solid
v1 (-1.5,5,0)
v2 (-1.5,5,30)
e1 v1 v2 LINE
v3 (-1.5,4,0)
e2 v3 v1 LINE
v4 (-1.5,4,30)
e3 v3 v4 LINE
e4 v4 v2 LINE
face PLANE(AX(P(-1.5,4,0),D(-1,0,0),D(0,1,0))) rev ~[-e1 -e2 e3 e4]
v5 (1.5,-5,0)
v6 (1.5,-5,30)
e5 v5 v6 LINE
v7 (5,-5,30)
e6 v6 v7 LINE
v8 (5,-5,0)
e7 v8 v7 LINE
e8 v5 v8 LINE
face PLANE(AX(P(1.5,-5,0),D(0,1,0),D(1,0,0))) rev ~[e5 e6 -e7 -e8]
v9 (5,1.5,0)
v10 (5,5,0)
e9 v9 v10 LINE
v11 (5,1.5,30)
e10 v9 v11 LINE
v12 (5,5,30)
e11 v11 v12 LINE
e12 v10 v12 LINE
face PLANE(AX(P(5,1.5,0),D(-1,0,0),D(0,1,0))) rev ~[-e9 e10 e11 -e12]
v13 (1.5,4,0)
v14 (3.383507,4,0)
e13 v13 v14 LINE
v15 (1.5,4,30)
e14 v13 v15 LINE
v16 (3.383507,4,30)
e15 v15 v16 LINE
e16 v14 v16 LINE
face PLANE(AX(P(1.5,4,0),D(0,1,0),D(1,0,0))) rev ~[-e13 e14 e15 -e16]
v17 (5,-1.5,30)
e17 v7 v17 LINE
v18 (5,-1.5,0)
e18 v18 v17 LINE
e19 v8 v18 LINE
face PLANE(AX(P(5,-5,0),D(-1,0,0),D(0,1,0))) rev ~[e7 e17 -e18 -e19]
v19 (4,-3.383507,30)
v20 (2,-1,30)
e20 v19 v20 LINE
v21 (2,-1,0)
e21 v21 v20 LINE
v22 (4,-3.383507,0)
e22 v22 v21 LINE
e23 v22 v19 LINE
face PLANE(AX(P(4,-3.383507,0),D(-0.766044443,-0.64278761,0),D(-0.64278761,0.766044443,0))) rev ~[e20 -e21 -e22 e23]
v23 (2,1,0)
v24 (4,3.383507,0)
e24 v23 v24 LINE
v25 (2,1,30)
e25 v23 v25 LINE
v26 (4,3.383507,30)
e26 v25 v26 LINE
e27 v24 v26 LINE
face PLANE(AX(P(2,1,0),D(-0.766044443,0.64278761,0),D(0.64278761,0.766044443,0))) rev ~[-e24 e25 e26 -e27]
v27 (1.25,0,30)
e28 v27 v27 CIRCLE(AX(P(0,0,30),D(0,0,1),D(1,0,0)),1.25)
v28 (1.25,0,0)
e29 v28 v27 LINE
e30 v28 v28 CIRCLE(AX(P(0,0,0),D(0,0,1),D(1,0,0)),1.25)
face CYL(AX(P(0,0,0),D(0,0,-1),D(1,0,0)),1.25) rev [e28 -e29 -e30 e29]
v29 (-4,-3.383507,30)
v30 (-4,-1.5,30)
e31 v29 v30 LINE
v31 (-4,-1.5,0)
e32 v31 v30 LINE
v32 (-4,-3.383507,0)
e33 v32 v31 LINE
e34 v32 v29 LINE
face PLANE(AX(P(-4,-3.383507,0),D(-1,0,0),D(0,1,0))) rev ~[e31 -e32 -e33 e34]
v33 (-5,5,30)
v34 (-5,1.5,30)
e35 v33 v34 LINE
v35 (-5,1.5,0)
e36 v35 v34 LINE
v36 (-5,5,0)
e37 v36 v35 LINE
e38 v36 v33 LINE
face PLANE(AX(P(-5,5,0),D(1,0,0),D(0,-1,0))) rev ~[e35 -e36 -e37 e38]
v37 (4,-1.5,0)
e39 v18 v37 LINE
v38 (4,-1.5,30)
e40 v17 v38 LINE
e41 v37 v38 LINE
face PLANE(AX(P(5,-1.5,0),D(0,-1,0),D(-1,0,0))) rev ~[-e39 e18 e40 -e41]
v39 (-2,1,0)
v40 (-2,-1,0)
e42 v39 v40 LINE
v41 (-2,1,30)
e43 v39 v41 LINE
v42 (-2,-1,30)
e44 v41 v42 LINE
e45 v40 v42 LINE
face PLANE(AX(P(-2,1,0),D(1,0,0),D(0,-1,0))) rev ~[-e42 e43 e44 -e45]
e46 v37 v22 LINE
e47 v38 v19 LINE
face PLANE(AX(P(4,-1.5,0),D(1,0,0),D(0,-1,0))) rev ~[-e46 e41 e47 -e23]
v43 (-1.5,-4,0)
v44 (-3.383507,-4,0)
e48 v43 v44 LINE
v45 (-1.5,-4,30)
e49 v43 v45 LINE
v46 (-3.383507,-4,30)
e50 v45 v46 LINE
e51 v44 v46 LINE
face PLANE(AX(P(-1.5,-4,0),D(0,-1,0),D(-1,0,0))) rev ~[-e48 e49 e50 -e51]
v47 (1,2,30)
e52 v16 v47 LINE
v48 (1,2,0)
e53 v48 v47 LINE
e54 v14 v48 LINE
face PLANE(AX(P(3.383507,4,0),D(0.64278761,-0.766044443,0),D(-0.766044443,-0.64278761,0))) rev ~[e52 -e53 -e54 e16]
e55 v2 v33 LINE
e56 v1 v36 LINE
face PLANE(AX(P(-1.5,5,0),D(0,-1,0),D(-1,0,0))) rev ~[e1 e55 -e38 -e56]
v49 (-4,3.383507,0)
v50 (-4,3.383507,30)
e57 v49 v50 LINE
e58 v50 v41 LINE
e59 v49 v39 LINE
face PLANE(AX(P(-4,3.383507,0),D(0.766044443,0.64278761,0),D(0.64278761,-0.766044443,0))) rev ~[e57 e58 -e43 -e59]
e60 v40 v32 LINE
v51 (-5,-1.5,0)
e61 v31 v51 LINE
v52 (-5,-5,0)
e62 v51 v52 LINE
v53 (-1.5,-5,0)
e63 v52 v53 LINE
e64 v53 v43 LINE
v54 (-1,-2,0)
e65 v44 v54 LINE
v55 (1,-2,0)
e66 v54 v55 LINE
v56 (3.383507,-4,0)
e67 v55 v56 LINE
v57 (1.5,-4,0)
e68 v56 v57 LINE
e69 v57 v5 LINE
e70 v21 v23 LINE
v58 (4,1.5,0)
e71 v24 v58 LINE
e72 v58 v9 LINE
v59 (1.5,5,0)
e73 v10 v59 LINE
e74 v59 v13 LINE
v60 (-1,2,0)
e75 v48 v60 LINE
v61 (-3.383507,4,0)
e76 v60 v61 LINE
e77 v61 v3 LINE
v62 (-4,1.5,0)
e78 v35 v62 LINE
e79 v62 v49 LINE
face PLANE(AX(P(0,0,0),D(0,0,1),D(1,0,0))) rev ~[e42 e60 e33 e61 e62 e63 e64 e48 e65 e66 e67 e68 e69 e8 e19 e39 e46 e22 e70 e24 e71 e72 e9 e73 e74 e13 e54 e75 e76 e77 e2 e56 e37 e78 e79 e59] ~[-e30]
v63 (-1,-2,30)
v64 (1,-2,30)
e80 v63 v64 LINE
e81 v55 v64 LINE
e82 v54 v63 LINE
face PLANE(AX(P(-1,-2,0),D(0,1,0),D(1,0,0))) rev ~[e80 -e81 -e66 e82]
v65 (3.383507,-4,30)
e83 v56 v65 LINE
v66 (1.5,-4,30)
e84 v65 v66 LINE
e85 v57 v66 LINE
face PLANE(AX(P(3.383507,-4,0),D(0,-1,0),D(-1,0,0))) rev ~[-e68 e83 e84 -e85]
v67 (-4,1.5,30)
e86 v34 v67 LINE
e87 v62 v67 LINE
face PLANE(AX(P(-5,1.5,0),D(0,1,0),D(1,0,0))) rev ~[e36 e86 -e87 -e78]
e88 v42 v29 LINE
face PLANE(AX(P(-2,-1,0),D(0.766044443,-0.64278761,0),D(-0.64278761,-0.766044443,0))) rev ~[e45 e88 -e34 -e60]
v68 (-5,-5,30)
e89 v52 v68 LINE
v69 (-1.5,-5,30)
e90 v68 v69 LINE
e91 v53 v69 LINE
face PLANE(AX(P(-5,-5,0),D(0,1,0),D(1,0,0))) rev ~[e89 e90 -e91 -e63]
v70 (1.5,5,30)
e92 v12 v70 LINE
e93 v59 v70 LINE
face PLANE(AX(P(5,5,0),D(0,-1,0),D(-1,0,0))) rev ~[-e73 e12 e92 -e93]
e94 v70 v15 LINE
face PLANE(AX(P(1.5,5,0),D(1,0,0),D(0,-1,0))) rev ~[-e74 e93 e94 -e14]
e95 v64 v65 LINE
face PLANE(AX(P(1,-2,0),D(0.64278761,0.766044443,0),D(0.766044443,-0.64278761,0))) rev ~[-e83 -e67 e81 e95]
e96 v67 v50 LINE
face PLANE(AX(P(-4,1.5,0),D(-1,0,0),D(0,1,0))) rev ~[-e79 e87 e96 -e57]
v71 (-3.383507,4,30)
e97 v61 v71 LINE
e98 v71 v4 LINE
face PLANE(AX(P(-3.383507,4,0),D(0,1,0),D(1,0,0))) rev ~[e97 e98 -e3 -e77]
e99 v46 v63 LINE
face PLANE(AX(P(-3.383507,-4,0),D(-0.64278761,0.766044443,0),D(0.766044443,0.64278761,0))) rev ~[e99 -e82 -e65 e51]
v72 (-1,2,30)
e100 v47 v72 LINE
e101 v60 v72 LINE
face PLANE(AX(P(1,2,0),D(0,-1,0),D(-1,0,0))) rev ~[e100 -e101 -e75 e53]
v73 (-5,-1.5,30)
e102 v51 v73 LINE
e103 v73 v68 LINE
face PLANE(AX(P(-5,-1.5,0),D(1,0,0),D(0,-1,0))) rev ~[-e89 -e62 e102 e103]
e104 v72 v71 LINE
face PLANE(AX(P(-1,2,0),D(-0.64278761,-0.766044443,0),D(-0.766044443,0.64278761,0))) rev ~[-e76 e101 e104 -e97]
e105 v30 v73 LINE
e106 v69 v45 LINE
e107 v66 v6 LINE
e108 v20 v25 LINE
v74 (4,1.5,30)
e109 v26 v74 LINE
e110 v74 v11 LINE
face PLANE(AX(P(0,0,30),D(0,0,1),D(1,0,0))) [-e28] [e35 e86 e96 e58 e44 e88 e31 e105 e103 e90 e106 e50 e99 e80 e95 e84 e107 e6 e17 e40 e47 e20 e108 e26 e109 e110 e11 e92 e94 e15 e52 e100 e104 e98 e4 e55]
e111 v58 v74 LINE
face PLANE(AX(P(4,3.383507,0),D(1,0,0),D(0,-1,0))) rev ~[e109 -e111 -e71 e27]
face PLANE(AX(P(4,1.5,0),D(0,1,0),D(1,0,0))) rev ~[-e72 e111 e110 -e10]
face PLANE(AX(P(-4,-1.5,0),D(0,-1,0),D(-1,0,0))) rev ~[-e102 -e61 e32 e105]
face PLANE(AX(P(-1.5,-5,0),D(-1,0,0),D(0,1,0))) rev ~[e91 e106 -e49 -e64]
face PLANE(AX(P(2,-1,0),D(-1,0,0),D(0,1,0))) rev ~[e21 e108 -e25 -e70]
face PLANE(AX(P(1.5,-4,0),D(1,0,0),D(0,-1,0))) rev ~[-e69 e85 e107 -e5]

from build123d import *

# Parameters (mm, degrees)
ESQUISSE2_R          = 1.25
MAIN_EXTRUSION_DEPTH = 30


with BuildPart() as part:
    # Esquisse2 → Main Extrusion (new body)
    with BuildSketch(Plane.XY):
        Polygon((-1, -2), (1, -2), (3.383507185, -4), (1.5, -4), (1.5, -5), (5, -5), (5, -1.5), (4, -1.5), (4, -3.383507185), (2, -1), (2, 1), (4, 3.383507185), (4, 1.5), (5, 1.5), (5, 5), (1.5, 5), (1.5, 4), (3.383507185, 4), (1, 2), (-1, 2), (-3.383507185, 4), (-1.5, 4), (-1.5, 5), (-5, 5), (-5, 1.5), (-4, 1.5), (-4, 3.383507185), (-2, 1), (-2, -1), (-4, -3.383507185), (-4, -1.5), (-5, -1.5), (-5, -5), (-1.5, -5), (-1.5, -4), (-3.383507185, -4), align=None)
        Circle(ESQUISSE2_R, mode=Mode.SUBTRACT)
    extrude(amount=MAIN_EXTRUSION_DEPTH)


solid = part.part
